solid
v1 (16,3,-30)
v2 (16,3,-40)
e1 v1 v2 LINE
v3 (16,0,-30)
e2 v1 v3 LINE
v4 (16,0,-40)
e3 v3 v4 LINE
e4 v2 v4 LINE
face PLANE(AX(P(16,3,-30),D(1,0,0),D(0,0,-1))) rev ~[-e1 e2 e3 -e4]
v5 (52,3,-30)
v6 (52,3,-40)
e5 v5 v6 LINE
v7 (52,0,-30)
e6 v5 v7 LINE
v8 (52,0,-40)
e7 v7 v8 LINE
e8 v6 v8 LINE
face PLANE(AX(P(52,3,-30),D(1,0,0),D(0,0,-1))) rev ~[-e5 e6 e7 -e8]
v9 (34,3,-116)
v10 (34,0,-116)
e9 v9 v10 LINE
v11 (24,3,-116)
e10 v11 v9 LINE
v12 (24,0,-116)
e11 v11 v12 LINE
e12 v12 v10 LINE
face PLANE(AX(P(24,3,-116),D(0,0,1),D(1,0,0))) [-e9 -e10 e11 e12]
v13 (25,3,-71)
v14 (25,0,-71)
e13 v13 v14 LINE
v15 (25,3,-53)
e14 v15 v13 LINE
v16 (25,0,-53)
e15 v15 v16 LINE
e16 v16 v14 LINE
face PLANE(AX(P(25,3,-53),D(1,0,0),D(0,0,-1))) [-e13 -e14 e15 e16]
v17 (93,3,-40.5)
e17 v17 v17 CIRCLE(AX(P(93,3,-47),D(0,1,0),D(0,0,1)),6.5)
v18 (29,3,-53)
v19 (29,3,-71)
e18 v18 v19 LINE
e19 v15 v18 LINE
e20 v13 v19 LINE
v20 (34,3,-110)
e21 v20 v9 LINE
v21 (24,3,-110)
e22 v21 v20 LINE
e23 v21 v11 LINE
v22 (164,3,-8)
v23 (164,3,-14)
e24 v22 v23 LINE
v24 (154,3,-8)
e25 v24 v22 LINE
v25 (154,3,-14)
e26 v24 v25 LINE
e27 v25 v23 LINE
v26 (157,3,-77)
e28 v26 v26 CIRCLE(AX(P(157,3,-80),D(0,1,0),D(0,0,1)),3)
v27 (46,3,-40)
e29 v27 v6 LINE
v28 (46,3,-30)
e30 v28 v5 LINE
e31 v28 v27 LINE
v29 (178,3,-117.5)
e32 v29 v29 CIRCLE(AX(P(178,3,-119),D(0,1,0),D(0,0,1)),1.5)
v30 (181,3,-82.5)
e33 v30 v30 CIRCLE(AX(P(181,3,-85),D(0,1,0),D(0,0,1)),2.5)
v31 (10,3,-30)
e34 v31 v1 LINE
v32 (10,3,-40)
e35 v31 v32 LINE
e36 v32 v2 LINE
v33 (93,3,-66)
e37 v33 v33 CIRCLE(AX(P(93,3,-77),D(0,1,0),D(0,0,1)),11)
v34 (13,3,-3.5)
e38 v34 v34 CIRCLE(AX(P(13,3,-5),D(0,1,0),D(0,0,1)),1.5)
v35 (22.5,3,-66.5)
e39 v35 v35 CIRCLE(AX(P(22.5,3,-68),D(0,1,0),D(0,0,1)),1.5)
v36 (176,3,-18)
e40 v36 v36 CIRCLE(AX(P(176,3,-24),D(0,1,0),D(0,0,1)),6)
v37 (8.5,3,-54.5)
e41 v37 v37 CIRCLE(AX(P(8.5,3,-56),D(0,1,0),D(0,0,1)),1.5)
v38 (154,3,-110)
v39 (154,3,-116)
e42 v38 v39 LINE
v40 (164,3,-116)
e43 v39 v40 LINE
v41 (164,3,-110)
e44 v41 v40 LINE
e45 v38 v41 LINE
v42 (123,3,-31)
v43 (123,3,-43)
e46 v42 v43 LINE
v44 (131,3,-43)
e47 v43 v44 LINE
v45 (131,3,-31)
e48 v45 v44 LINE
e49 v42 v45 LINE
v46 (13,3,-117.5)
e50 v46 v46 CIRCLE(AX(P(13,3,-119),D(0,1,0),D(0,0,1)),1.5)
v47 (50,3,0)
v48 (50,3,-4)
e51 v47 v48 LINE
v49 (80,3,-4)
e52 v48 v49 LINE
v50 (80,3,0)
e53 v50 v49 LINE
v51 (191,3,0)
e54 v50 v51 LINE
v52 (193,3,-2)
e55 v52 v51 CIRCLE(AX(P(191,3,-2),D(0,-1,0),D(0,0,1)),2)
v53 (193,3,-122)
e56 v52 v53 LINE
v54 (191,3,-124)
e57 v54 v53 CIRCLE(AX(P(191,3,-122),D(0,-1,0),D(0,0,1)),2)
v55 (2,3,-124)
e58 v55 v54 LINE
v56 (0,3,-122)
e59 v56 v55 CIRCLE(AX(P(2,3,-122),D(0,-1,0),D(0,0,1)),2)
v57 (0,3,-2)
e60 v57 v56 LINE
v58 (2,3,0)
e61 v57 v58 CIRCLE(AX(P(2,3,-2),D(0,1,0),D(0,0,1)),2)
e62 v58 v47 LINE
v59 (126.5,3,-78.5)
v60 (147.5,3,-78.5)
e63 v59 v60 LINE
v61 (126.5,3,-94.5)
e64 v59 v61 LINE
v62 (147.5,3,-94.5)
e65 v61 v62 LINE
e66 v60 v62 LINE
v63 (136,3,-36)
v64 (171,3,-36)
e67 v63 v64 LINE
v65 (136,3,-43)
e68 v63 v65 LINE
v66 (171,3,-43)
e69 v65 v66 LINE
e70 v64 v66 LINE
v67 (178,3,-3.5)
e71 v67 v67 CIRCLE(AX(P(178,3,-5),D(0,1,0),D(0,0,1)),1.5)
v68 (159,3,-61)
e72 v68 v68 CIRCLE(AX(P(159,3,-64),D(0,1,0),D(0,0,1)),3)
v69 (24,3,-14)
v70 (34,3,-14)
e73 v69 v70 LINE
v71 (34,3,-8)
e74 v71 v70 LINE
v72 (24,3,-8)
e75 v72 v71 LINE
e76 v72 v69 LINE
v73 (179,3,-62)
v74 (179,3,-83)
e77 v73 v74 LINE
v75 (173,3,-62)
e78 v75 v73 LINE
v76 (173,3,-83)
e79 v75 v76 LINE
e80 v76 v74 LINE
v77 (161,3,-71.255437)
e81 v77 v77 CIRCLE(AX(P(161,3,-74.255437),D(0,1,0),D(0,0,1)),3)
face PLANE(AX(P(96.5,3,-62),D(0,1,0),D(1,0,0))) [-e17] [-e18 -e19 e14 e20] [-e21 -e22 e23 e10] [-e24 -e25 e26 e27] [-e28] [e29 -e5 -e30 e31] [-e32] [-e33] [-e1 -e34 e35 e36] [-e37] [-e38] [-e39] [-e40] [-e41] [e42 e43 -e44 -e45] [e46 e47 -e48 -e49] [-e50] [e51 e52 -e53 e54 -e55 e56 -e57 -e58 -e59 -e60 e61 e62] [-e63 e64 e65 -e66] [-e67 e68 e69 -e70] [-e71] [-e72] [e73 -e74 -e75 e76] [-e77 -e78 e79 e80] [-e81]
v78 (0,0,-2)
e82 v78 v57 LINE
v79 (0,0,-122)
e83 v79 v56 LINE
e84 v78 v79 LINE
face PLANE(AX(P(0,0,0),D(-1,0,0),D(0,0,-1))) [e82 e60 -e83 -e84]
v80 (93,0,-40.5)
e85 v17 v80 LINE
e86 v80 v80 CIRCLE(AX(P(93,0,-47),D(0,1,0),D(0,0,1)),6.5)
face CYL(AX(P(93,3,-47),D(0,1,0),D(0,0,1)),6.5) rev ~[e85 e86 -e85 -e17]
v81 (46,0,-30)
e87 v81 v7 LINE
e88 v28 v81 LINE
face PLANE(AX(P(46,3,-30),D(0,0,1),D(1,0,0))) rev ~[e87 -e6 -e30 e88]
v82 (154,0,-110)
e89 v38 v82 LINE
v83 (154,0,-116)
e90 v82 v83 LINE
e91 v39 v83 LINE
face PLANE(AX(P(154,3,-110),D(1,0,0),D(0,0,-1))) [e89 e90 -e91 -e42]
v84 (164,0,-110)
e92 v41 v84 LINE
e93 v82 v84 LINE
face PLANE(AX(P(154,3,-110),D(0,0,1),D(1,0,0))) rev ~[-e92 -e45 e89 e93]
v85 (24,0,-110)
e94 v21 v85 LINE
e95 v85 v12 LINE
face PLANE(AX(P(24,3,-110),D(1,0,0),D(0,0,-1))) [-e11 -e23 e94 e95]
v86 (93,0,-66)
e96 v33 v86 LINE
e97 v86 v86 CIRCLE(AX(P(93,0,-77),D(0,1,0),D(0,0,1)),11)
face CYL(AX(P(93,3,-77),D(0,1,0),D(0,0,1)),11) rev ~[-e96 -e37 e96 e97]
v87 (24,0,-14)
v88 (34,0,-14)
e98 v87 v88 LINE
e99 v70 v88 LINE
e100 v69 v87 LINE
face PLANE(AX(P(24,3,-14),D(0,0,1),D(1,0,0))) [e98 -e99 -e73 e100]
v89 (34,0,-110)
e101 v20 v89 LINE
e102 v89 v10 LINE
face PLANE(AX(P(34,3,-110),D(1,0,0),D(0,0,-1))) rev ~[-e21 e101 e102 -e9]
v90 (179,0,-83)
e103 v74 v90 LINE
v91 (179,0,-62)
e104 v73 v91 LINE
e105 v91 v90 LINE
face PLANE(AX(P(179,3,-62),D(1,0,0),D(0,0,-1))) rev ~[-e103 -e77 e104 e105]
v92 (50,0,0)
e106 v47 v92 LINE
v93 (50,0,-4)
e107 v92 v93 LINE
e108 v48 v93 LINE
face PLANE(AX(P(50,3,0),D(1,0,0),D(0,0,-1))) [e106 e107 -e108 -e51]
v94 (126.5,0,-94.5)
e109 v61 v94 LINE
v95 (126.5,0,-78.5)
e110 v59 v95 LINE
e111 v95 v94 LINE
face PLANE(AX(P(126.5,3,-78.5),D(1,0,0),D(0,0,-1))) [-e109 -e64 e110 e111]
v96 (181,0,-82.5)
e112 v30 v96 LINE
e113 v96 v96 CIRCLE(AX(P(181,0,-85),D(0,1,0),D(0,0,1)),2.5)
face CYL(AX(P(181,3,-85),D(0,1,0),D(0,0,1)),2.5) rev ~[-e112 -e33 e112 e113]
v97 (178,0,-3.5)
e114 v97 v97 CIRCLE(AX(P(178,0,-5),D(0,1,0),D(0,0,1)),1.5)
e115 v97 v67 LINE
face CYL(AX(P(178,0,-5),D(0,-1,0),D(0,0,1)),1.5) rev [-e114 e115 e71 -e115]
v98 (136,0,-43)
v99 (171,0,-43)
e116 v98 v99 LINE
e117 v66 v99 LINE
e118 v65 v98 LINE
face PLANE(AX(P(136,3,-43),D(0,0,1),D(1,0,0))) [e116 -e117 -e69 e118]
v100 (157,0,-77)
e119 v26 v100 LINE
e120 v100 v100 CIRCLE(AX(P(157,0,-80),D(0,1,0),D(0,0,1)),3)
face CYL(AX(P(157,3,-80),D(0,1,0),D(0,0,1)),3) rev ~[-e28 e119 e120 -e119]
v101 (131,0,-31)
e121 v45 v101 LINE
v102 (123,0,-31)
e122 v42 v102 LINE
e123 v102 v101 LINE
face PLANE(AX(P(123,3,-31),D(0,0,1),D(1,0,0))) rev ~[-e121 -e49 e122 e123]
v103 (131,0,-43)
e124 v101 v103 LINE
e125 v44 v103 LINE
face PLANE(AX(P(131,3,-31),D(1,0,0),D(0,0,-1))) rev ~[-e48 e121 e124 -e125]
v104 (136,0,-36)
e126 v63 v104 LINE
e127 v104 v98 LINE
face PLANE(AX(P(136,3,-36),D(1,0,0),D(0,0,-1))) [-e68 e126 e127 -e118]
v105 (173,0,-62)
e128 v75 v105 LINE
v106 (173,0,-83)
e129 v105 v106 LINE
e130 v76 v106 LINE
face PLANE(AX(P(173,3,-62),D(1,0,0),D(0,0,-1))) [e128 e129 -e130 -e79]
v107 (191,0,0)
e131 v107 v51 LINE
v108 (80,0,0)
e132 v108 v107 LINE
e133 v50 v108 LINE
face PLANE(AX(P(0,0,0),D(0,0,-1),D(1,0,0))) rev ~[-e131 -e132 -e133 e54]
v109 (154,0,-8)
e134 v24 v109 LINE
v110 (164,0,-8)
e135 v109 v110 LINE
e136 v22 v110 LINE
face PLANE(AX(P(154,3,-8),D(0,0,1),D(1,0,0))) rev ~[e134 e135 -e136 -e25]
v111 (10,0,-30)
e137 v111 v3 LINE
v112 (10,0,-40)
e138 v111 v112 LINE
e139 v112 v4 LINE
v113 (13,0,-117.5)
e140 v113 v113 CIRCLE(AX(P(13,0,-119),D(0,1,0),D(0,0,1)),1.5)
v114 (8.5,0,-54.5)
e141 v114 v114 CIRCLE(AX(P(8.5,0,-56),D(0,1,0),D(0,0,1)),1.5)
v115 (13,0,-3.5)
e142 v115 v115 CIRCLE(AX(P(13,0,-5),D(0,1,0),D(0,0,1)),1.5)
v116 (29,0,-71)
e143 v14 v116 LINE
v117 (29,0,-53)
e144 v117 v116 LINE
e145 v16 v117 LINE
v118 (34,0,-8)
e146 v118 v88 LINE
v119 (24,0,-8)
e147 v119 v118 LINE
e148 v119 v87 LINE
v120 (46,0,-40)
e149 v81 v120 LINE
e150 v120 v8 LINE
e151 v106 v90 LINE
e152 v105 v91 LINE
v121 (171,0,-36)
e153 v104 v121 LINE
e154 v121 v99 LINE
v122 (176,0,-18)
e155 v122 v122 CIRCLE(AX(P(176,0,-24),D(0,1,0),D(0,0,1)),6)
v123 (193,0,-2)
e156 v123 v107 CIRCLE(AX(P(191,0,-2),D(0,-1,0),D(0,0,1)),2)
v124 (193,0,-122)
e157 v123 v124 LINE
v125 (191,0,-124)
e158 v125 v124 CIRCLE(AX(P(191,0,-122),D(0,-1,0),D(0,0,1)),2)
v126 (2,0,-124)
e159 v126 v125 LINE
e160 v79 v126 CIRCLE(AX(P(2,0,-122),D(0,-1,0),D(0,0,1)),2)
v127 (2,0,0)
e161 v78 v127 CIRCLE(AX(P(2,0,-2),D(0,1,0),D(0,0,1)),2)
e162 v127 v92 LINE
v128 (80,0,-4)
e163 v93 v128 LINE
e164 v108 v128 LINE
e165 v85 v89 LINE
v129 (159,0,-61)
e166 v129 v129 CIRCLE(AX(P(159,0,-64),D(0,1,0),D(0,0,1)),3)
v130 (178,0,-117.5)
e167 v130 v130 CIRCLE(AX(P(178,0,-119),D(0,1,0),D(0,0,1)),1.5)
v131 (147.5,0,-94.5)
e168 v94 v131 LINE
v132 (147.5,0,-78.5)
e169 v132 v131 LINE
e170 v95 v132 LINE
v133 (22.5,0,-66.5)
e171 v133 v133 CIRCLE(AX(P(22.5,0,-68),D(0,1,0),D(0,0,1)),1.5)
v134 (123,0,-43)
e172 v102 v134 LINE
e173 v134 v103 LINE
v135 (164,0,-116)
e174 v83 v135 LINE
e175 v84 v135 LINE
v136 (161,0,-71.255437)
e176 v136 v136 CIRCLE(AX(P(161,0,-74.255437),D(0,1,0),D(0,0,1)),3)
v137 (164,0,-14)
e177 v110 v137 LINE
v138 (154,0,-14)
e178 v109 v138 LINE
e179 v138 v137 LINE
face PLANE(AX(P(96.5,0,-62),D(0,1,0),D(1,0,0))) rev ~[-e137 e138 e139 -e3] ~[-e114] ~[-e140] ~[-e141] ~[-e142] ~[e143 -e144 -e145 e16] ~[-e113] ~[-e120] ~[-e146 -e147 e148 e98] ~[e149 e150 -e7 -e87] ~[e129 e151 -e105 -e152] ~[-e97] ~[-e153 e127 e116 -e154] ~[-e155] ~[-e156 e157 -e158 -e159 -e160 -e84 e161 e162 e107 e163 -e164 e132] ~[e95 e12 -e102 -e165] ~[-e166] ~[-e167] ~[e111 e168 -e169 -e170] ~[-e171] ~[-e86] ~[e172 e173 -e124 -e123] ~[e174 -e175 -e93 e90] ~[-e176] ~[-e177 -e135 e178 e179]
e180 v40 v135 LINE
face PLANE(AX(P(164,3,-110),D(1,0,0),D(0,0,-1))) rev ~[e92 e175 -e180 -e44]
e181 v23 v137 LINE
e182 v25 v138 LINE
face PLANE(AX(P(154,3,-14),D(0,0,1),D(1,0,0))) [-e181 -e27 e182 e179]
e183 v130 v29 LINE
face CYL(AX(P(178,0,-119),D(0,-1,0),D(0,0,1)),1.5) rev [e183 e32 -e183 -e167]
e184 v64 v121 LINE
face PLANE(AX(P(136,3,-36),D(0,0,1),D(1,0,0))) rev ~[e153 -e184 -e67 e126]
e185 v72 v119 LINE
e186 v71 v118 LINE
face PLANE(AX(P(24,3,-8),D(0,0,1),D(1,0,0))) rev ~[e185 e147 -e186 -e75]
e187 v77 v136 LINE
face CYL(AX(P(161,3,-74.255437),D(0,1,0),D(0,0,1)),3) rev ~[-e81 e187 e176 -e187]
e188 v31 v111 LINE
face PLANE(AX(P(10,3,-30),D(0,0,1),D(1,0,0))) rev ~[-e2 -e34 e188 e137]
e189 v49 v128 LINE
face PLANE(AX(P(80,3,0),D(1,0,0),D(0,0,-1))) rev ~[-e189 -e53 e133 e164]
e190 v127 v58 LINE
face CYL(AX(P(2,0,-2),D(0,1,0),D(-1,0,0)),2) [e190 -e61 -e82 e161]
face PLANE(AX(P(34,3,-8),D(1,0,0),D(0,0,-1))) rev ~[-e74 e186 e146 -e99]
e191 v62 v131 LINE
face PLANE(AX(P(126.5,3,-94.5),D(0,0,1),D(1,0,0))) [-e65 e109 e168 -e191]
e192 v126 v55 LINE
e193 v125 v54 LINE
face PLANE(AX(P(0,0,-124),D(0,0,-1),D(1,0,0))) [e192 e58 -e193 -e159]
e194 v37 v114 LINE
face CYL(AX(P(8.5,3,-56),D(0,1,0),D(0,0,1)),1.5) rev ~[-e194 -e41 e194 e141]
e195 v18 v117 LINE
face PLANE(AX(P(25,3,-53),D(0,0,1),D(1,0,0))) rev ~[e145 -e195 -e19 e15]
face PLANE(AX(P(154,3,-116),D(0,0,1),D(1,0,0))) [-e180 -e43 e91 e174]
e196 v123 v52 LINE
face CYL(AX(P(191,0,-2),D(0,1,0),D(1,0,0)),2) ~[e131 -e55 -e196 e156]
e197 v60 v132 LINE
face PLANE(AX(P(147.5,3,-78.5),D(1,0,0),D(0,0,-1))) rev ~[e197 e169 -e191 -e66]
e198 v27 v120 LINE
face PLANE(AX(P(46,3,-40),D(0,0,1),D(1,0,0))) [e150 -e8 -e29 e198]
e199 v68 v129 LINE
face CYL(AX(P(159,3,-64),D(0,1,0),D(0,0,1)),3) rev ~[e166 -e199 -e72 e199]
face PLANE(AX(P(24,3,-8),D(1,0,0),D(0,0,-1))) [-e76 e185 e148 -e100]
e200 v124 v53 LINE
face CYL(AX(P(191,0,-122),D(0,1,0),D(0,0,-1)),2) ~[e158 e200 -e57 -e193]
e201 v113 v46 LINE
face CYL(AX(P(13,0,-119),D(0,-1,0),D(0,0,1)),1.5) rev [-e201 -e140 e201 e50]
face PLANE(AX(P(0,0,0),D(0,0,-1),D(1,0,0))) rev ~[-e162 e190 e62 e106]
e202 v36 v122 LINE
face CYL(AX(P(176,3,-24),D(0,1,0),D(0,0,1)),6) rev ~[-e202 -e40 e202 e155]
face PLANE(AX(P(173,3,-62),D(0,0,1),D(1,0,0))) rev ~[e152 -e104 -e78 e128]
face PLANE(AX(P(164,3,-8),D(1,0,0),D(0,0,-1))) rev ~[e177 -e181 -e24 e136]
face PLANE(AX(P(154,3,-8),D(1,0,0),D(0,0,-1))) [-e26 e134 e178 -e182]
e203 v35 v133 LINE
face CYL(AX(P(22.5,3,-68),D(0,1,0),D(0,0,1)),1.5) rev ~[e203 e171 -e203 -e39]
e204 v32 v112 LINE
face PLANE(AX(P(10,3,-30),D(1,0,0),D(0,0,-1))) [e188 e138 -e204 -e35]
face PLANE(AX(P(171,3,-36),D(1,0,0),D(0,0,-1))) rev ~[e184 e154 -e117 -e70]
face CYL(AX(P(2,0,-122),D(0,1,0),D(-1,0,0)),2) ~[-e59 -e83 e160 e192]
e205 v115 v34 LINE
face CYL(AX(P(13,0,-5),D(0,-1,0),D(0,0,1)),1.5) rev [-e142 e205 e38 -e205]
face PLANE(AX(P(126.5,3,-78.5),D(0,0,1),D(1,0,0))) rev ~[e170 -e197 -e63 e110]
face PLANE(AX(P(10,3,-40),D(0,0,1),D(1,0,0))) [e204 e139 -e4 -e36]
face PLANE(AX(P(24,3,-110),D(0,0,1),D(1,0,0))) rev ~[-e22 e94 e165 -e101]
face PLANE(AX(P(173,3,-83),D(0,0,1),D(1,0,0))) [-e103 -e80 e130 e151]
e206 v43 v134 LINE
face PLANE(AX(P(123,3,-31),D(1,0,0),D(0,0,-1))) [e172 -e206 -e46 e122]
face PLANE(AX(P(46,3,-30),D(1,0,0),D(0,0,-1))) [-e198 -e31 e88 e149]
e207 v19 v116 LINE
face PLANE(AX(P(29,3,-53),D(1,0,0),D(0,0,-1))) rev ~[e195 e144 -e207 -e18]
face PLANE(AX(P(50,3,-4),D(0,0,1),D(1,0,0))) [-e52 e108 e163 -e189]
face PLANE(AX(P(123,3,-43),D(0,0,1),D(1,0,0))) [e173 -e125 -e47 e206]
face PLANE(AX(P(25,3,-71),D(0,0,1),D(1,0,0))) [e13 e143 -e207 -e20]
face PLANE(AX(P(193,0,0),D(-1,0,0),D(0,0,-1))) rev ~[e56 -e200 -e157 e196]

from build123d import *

# Parameters (mm, degrees)
SKETCH1_W           = 193
SKETCH1_H           = 124
SKETCH1_R           = 1.5
BOSS_EXTRUDE1_DEPTH = 3
SKETCH2_R           = 3
SKETCH2_R_2         = 2.5
SKETCH2_R_3         = 6
SKETCH2_W           = 35
SKETCH2_H           = 7
SKETCH2_W_2         = 21
SKETCH2_H_2         = 16
SKETCH2_W_3         = 6
SKETCH2_H_3         = 21
SKETCH2_W_4         = 8
SKETCH2_H_4         = 12
CUT_EXTRUDE1_DEPTH  = 230.421010372
SKETCH3_R           = 11
SKETCH3_R_2         = 6.5
CUT_EXTRUDE2_DEPTH  = 230.421010372
SKETCH4_W           = 10
SKETCH4_H           = 6
CUT_EXTRUDE3_DEPTH  = 230.421010372
SKETCH5_W           = 30
SKETCH5_H           = 4
CUT_EXTRUDE4_DEPTH  = 230.421010372
SKETCH6_R           = 1.5
SKETCH6_W           = 4
SKETCH6_H           = 18
CUT_EXTRUDE5_DEPTH  = 230.421010372
SKETCH7_W           = 6
SKETCH7_H           = 10
CUT_EXTRUDE6_DEPTH  = 230.421010372
FILLET1_R           = 2


with BuildPart() as part:
    # Sketch1 → Boss-Extrude1 (new body)
    with BuildSketch(Plane(origin=(0, 0, 0), x_dir=(1, 0, 0), z_dir=(0, 1, 0))):
        with Locations((96.5, 62)):
            Rectangle(SKETCH1_W, SKETCH1_H)
        with Locations(Location((13, 119, 0), (0, 0, 270))):
            Circle(SKETCH1_R, mode=Mode.SUBTRACT)
        with Locations(Location((178, 119, 0), (0, 0, 270))):
            Circle(SKETCH1_R, mode=Mode.SUBTRACT)
        with Locations(Location((13, 5, 0), (0, 0, 270))):
            Circle(SKETCH1_R, mode=Mode.SUBTRACT)
        with Locations(Location((178, 5, 0), (0, 0, 270))):
            Circle(SKETCH1_R, mode=Mode.SUBTRACT)
    extrude(amount=BOSS_EXTRUDE1_DEPTH)

    # Sketch2 → Cut-Extrude1 (cut, through all)
    with BuildSketch(Plane(origin=(0, 3, 0), x_dir=(1, 0, 0), z_dir=(0, 1, 0))):
        with Locations(Location((157, 80, 0), (0, 0, 270))):
            Circle(SKETCH2_R)
        with Locations(Location((161, 74.255437353, 0), (0, 0, 270))):
            Circle(SKETCH2_R)
        with Locations(Location((159, 64, 0), (0, 0, 270))):
            Circle(SKETCH2_R)
        with Locations(Location((181, 85, 0), (0, 0, 270))):
            Circle(SKETCH2_R_2)
        with Locations(Location((176, 24, 0), (0, 0, 270))):
            Circle(SKETCH2_R_3)
        with Locations((153.5, 39.5)):
            Rectangle(SKETCH2_W, SKETCH2_H)
        with Locations((137, 86.5)):
            Rectangle(SKETCH2_W_2, SKETCH2_H_2)
        with Locations((176, 72.5)):
            Rectangle(SKETCH2_W_3, SKETCH2_H_3)
        with Locations((127, 37)):
            Rectangle(SKETCH2_W_4, SKETCH2_H_4)
    extrude(amount=-CUT_EXTRUDE1_DEPTH, mode=Mode.SUBTRACT)

    # Sketch3 → Cut-Extrude2 (cut, through all)
    with BuildSketch(Plane(origin=(0, 3, 0), x_dir=(1, 0, 0), z_dir=(0, 1, 0))):
        with Locations(Location((93, 77, 0), (0, 0, 270))):
            Circle(SKETCH3_R)
        with Locations(Location((93, 47, 0), (0, 0, 270))):
            Circle(SKETCH3_R_2)
    extrude(amount=-CUT_EXTRUDE2_DEPTH, mode=Mode.SUBTRACT)

    # Sketch4 → Cut-Extrude3 (cut, through all)
    with BuildSketch(Plane(origin=(0, 3, 0), x_dir=(1, 0, 0), z_dir=(0, 1, 0))):
        with Locations((29, 113)):
            Rectangle(SKETCH4_W, SKETCH4_H)
        with Locations((159, 113)):
            Rectangle(SKETCH4_W, SKETCH4_H)
        with Locations((29, 11)):
            Rectangle(SKETCH4_W, SKETCH4_H)
        with Locations((159, 11)):
            Rectangle(SKETCH4_W, SKETCH4_H)
    extrude(amount=-CUT_EXTRUDE3_DEPTH, mode=Mode.SUBTRACT)

    # Sketch5 → Cut-Extrude4 (cut, through all)
    with BuildSketch(Plane(origin=(0, 3, 0), x_dir=(1, 0, 0), z_dir=(0, 1, 0))):
        with Locations((65, 2)):
            Rectangle(SKETCH5_W, SKETCH5_H)
    extrude(amount=-CUT_EXTRUDE4_DEPTH, mode=Mode.SUBTRACT)

    # Sketch6 → Cut-Extrude5 (cut, through all)
    with BuildSketch(Plane(origin=(0, 3, 0), x_dir=(1, 0, 0), z_dir=(0, 1, 0))):
        with Locations(Location((8.5, 56, 0), (0, 0, 270))):
            Circle(SKETCH6_R)
        with Locations(Location((22.5, 68, 0), (0, 0, 270))):
            Circle(SKETCH6_R)
        with Locations((27, 62)):
            Rectangle(SKETCH6_W, SKETCH6_H)
    extrude(amount=-CUT_EXTRUDE5_DEPTH, mode=Mode.SUBTRACT)

    # Sketch7 → Cut-Extrude6 (cut, through all)
    with BuildSketch(Plane(origin=(0, 3, 0), x_dir=(1, 0, 0), z_dir=(0, 1, 0))):
        with Locations((13, 35)):
            Rectangle(SKETCH7_W, SKETCH7_H)
        with Locations((49, 35)):
            Rectangle(SKETCH7_W, SKETCH7_H)
    extrude(amount=-CUT_EXTRUDE6_DEPTH, mode=Mode.SUBTRACT)

    # Fillet1
    fillet1_edges = [part.edges().sort_by_distance(p)[0] for p in [
        (0, 1.5, -124),
        (193, 1.5, -124),
        (193, 1.5, 0),
        (0, 1.5, 0),
    ]]
    fillet(fillet1_edges, radius=FILLET1_R)


solid = part.part
